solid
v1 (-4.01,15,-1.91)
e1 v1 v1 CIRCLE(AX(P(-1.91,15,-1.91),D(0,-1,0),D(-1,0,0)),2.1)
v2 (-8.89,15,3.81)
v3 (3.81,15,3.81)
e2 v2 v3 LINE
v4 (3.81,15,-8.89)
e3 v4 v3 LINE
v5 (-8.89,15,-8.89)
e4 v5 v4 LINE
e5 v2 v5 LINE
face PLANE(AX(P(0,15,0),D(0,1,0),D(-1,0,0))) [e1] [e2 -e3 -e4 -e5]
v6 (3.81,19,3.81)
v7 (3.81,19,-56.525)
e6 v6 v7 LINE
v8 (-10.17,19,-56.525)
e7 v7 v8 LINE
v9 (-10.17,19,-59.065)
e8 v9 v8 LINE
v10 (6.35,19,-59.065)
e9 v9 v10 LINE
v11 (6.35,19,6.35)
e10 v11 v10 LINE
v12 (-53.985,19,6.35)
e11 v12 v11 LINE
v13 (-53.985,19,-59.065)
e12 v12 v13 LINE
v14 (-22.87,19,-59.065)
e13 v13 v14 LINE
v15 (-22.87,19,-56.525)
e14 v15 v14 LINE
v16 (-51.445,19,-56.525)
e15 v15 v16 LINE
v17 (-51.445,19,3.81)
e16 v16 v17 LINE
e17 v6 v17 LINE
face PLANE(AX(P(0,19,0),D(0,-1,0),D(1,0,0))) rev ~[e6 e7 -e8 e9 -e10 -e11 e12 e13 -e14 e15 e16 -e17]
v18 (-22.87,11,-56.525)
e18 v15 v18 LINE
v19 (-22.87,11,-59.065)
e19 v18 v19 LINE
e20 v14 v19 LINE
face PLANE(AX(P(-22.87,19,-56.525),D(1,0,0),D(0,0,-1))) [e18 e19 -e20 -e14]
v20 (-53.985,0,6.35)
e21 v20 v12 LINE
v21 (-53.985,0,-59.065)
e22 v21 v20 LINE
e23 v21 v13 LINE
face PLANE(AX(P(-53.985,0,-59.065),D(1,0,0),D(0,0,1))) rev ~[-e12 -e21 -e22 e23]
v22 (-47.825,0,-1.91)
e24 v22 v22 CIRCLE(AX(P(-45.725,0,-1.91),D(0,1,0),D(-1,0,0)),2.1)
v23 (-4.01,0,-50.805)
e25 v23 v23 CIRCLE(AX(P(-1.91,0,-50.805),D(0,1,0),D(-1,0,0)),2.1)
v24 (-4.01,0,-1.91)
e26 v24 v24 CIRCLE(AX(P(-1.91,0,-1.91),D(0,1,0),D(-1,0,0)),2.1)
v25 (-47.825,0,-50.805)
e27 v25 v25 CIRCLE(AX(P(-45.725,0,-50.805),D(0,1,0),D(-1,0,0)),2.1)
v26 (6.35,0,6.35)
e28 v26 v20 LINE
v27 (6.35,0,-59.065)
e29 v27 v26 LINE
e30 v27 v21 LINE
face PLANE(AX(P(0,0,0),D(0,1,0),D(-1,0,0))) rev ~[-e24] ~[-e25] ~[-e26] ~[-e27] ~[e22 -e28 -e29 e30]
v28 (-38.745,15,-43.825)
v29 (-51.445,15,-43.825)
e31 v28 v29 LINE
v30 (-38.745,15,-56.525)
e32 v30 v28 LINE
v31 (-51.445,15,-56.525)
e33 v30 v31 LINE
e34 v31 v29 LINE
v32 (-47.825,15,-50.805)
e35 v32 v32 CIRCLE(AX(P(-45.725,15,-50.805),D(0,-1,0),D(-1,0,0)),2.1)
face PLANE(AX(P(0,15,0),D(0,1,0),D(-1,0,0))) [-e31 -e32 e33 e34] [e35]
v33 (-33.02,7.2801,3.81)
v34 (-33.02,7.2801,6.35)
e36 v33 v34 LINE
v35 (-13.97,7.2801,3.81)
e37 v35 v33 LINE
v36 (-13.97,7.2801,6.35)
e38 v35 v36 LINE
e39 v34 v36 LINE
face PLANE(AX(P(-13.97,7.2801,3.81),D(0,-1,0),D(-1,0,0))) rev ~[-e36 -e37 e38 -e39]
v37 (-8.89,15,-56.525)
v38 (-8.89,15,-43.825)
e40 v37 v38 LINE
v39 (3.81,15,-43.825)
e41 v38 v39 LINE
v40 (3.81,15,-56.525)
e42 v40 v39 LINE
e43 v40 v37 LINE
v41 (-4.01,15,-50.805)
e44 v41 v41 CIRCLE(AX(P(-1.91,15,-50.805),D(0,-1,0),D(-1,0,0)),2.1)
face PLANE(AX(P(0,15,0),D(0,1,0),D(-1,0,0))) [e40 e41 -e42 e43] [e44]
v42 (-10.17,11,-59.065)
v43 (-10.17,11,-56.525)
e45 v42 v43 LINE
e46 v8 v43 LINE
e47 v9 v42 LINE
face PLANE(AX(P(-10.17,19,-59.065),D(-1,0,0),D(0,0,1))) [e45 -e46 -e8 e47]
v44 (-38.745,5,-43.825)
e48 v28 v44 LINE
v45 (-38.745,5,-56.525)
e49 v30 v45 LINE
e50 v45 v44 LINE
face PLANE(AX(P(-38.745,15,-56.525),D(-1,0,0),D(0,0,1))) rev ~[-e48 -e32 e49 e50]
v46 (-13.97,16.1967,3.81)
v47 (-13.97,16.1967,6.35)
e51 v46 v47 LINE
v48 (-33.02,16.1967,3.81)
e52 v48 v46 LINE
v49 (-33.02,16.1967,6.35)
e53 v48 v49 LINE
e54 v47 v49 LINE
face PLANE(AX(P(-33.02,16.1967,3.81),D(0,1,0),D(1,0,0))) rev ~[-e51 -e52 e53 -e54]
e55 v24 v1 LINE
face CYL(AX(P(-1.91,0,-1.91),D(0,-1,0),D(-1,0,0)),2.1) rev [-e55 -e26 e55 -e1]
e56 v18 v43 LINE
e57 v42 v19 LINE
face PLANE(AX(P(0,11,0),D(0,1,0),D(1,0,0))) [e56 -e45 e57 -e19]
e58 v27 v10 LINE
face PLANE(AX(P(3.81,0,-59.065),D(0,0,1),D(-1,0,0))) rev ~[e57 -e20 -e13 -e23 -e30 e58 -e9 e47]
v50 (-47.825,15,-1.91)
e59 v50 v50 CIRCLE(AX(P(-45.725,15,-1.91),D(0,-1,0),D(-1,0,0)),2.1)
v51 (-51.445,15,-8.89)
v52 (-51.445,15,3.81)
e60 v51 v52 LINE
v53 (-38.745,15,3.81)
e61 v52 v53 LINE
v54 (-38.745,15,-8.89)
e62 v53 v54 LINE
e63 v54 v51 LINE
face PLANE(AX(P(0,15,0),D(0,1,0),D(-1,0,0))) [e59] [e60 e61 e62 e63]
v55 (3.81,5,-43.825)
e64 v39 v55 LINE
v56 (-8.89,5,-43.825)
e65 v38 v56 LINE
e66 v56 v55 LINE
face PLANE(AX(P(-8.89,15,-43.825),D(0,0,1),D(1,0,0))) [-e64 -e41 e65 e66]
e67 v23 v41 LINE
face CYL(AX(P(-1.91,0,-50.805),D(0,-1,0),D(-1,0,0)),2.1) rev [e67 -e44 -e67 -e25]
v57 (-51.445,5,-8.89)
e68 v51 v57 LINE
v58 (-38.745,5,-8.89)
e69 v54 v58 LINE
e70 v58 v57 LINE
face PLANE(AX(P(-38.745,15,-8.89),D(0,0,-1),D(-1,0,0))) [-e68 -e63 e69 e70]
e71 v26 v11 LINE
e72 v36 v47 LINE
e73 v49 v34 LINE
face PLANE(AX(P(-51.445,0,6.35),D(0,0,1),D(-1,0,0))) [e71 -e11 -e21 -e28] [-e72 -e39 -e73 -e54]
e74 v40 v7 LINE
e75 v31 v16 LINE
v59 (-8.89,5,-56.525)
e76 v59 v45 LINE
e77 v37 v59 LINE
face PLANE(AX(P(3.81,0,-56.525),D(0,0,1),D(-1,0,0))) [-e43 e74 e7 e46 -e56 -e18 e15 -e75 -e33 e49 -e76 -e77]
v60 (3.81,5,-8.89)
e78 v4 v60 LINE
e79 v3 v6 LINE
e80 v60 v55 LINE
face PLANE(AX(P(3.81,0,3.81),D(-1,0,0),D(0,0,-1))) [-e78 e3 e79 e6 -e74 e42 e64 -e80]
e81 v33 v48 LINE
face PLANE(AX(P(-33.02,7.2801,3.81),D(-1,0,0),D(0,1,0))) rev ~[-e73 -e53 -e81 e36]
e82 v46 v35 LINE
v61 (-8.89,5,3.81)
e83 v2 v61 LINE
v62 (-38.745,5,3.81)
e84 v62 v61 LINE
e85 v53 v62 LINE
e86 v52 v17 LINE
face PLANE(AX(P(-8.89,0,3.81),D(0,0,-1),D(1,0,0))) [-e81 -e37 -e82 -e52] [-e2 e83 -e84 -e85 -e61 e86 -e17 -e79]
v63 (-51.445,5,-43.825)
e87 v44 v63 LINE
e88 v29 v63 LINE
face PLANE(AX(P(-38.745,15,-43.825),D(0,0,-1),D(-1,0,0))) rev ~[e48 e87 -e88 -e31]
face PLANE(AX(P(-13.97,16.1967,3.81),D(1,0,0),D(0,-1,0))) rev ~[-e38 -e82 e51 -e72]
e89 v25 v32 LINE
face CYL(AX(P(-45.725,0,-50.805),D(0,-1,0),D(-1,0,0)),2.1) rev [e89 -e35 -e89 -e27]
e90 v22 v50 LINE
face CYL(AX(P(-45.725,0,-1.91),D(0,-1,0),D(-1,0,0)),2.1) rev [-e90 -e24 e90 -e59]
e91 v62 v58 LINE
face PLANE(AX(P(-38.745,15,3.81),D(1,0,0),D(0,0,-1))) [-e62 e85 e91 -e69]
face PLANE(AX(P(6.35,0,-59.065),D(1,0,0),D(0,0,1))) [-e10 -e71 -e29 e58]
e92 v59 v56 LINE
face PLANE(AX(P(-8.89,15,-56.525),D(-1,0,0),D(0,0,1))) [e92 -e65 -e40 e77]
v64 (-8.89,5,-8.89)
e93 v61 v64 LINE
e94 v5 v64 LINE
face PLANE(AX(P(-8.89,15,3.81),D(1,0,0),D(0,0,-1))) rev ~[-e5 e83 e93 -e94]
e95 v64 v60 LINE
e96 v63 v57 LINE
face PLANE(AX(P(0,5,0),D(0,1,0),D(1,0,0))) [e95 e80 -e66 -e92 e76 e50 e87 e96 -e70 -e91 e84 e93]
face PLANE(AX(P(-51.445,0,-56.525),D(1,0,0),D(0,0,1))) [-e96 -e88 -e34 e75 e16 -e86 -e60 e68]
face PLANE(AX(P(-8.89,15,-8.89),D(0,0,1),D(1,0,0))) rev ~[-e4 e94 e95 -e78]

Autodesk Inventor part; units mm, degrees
ref_plane "YZ Plane" through (0, 0, 0) normal (1, 0, 0) x (0, 1, 0)
ref_plane "XZ Plane" through (0, 0, 0) normal (0, 1, 0) x (-1, 0, 0)
ref_plane "XY Plane" through (0, 0, 0) normal (0, 0, 1) x (1, 0, 0)
sketch "Sketch1" plane through (0, 0, 0) normal (0, 1, 0) x (-1, 0, 0)
  line L0 (0, 0) -> (47.635, 0)
  line L1 (47.635, 0) -> (47.635, -52.715)
  line L2 (47.635, -52.715) -> (0, -52.715)
  line L3 (0, -52.715) -> (0, 0)
  circle A0 centre (45.725, -1.91) radius 2.1
  circle A1 centre (45.725, -50.805) radius 2.1
  circle A2 centre (1.91, -1.91) radius 2.1
  circle A3 centre (1.91, -50.805) radius 2.1
  line L4 (47.635, 0) -> (51.445, 0)
  line L5 (51.445, 0) -> (51.445, -52.715)
  line L6 (51.445, -52.715) -> (47.635, -52.715)
  line L7 (47.635, -52.715) -> (47.635, 0)
  line L8 (0, 0) -> (-3.81, 0)
  line L9 (-3.81, 0) -> (-3.81, -56.525)
  line L10 (-3.81, -56.525) -> (0, -56.525)
  line L11 (0, -56.525) -> (0, 0)
  line L12 (51.445, -52.715) -> (-6.35, -52.715)
  line L13 (-6.35, -52.715) -> (-6.35, -56.525)
  line L14 (-6.35, -56.525) -> (51.445, -56.525)
  line L15 (51.445, -56.525) -> (51.445, -52.715)
  line L16 (-3.81, 0) -> (51.445, 0)
  line L17 (51.445, 0) -> (51.445, 3.81)
  line L18 (51.445, 3.81) -> (-3.81, 3.81)
  line L19 (-3.81, 3.81) -> (-3.81, 0)
  point P0 (0, -52.715)
  point P1 (0, -51.6779)
  point P2 (0, -49.9321)
  point P3 (0, -2.7829)
  point P4 (0, -1.0371)
  point P5 (-3.81, -77.675)
  point P6 (-3.81, -52.715)
  point P7 (0, -52.715)
  point P8 (1.0371, -52.715)
  point P9 (2.7829, -52.715)
  point P10 (0, -52.715)
  point P11 (0, -56.525)
  point P12 (0, -56.525)
  dimension "d0" = 52.715
  dimension "d1" = 47.635
  dimension "d3" = 4.2
  dimension "d4" = 4.2
  dimension "d6" = 1.91
  dimension "d7" = 1.91
  dimension "d8" = 1.91
  dimension "d9" = 4.2
  dimension "d10" = 4.2
  dimension "d11" = 1.91
  dimension "d12" = 1.91
  dimension "d13" = 1.91
  dimension "d14" = 1.91
  dimension "d15" = 1.91
  dimension "d18" = 3.81
  dimension "d19" = 3.81
  dimension "d20" = 3.81
  dimension "d21" = 3.81
  dimension "d38" = 0
  dimension "d39" = 0
extrude "Extrusion5" add sketch "Sketch1" along normal blind 15 contours L8 L19 L18 L17 L4 L0 A0 A2 | L0 A2 L3 | L3 A2 A3 L12 L9 L8 | L0 A0 L1 A1 L2 A3 L3 A2 | L12 L11 L10 L9 | L3 A3 L2 | L2 A3 A1 L6 L15 L14 L11 | L0 L1 A0 | A0 L1 L4 L5 L6 A1 | L1 L2 A1 picked at (0.2904, -0.2904) picked at (0.2904, -52.4246) picked at (47.3446, -0.2904) picked at (47.3446, -52.4246)
sketch "Sketch6" plane through (0, 15, 0) normal (0, 1, 0) x (1, 0, 0)
  line L0 (-51.445, -3.81) -> (3.81, -3.81) projected
  line L1 (-51.445, -3.81) -> (-38.745, -3.81)
  line L2 (-38.745, -3.81) -> (-38.745, 8.89)
  line L3 (-38.745, 8.89) -> (-51.445, 8.89)
  line L4 (-51.445, 8.89) -> (-51.445, -3.81)
  line L5 (3.81, 56.525) -> (-51.445, 56.525) projected
  line L6 (-51.445, 56.525) -> (-38.745, 56.525)
  line L7 (-38.745, 56.525) -> (-38.745, 43.825)
  line L8 (-38.745, 43.825) -> (-51.445, 43.825)
  line L9 (-51.445, 43.825) -> (-51.445, 56.525)
  line L10 (3.81, -3.81) -> (3.81, 56.525) projected
  line L11 (3.81, 56.525) -> (-8.89, 56.525)
  line L12 (-8.89, 56.525) -> (-8.89, 43.825)
  line L13 (-8.89, 43.825) -> (3.81, 43.825)
  line L14 (3.81, 43.825) -> (3.81, 56.525)
  line L15 (3.81, -3.81) -> (-8.89, -3.81)
  line L16 (-8.89, -3.81) -> (-8.89, 8.89)
  line L17 (-8.89, 8.89) -> (3.81, 8.89)
  line L18 (3.81, 8.89) -> (3.81, -3.81)
  line L19 (3.81, 56.525) -> (-51.445, 56.525) projected
  line L20 (-51.445, 56.525) -> (-51.445, -3.81) projected
  line L21 (-51.445, -3.81) -> (3.81, -3.81) projected
  line L22 (3.81, -3.81) -> (3.81, 56.525) projected
  circle A0 centre (-1.91, 1.91) radius 2.1 projected
  circle A1 centre (-45.725, 1.91) radius 2.1 projected
  circle A2 centre (-45.725, 50.805) radius 2.1 projected
  circle A3 centre (-1.91, 50.805) radius 2.1 projected
  point P0 (0, 0)
  point P1 (3.81, 8.89)
  dimension "d42" = 12.7
  dimension "d43" = 12.7
  dimension "d44" = 12.7
  dimension "d45" = 12.7
  dimension "d46" = 12.7
  dimension "d47" = 12.7
extrude "Extrusion6" cut sketch "Sketch6" against normal blind 10 contours L2 L3 L20 L8 L7 L5 L12 L13 L10 L17 L16 L0
sketch "Sketch7" plane through (0, 0, 0) normal (0, -1, 0) x (1, 0, 0)
  line L0 (3.81, -56.525) -> (-51.445, -56.525) projected
  line L1 (3.81, 3.81) -> (3.81, -56.525) projected
  line L2 (-51.445, 3.81) -> (3.81, 3.81) projected
  line L3 (-51.445, -56.525) -> (-51.445, 3.81) projected
  circle A0 centre (-1.91, -1.91) radius 2.1 projected
  circle A1 centre (-45.725, -1.91) radius 2.1 projected
  circle A2 centre (-45.725, -50.805) radius 2.1 projected
  circle A3 centre (-1.91, -50.805) radius 2.1 projected
  line L4 (-8.89, 3.81) -> (3.81, 3.81) projected
  line L5 (3.81, 3.81) -> (-51.445, 3.81)
  line L6 (-51.445, 3.81) -> (-51.445, 6.35)
  line L7 (-51.445, 6.35) -> (3.81, 6.35)
  line L8 (3.81, 6.35) -> (3.81, 3.81)
  line L9 (-51.445, 6.35) -> (-53.985, 6.35)
  line L10 (-53.985, 6.35) -> (-53.985, -56.525)
  line L11 (-53.985, -56.525) -> (-51.445, -56.525)
  line L12 (-51.445, -56.525) -> (-51.445, 6.35)
  line L13 (-53.985, -56.525) -> (3.81, -56.525)
  line L14 (3.81, -56.525) -> (3.81, -59.065)
  line L15 (3.81, -59.065) -> (-53.985, -59.065)
  line L16 (-53.985, -59.065) -> (-53.985, -56.525)
  line L17 (3.81, -59.065) -> (6.35, -59.065)
  line L18 (6.35, -59.065) -> (6.35, 5.08)
  line L19 (6.35, 5.08) -> (3.81, 5.08)
  line L20 (3.81, 5.08) -> (3.81, -59.065)
  line L21 (6.35, 5.08) -> (3.81, 5.08)
  line L22 (3.81, 5.08) -> (3.81, 6.35)
  line L23 (3.81, 6.35) -> (6.35, 6.35)
  line L24 (6.35, 6.35) -> (6.35, 5.08)
  point P0 (0, 0)
  dimension "d50" = 2.54
  dimension "d51" = 2.54
  dimension "d52" = 2.54
  dimension "d53" = 2.54
extrude "Extrusion7" add sketch "Sketch7" against normal blind 19 contours L14 L15 L16 L11 L0 | L1 L8 L19 L18 L17 L14 | L11 L10 L9 L6 L3 | L2 L6 L7 L8 | L8 L23 L24 L19
sketch "Sketch8" plane through (0, 19, 0) normal (0, 1, 0) x (1, 0, 0)
  line L0 (-53.985, -6.35) -> (6.35, -6.35) projected
  line L1 (6.35, -6.35) -> (6.35, 59.065) projected
  line L2 (6.35, 59.065) -> (-53.985, 59.065) projected
  line L3 (-53.985, 59.065) -> (-53.985, -6.35) projected
  line L4 (3.81, 56.525) -> (3.81, -3.81) projected
  line L5 (3.81, -3.81) -> (-51.445, -3.81) projected
  line L6 (-51.445, -3.81) -> (-51.445, 56.525) projected
  line L7 (-51.445, 56.525) -> (3.81, 56.525) projected
  circle A0 centre (-1.91, 50.805) radius 2.1 projected
  line L8 (-1.91, 50.805) -> (-10.17, 50.805)
  line L9 (-10.17, 50.805) -> (-10.17, 48.127)
  line L10 (-10.17, 48.127) -> (-1.91, 48.127)
  line L11 (-1.91, 48.127) -> (-1.91, 50.805)
  line L12 (6.35, 59.065) -> (-53.985, 59.065) projected
  line L13 (-10.17, 48.127) -> (-22.87, 48.127)
  line L14 (-22.87, 48.127) -> (-22.87, 59.065)
  line L15 (-22.87, 59.065) -> (-10.17, 59.065)
  line L16 (-10.17, 59.065) -> (-10.17, 48.127)
  point P0 (0, 0)
  point P1 (-10.17, 56.525)
  point P2 (-22.87, 56.525)
  dimension "d56" = 8.26
  dimension "d57" = 12.7
extrude "Extrusion8" cut sketch "Sketch8" against normal blind 8 contours L2 L16 L7 L14
sketch "Sketch9" plane through (0, 5, 0) normal (0, 1, 0) x (1, 0, 0)
  point P0 (0, 0)
sketch "Sketch10" plane through (3.81, 19, 3.81) normal (0, 0, -1) x (-1, 0, 0)
  line L0 (36.83, -2.8033) -> (17.78, -2.8033)
  line L1 (17.78, -2.8033) -> (17.78, -11.7199)
  line L2 (17.78, -11.7199) -> (36.83, -11.7199)
  line L3 (36.83, -11.7199) -> (36.83, -2.8033)
  point P0 (3.81, -19)
  point P1 (12.7, -4)
  dimension "d60" = 19.05
  dimension "d61" = 5.08
extrude "Extrusion9" cut sketch "Sketch10" against normal blind 25.4
properties part number "PCB_REMOTE_Holder_tall_"
